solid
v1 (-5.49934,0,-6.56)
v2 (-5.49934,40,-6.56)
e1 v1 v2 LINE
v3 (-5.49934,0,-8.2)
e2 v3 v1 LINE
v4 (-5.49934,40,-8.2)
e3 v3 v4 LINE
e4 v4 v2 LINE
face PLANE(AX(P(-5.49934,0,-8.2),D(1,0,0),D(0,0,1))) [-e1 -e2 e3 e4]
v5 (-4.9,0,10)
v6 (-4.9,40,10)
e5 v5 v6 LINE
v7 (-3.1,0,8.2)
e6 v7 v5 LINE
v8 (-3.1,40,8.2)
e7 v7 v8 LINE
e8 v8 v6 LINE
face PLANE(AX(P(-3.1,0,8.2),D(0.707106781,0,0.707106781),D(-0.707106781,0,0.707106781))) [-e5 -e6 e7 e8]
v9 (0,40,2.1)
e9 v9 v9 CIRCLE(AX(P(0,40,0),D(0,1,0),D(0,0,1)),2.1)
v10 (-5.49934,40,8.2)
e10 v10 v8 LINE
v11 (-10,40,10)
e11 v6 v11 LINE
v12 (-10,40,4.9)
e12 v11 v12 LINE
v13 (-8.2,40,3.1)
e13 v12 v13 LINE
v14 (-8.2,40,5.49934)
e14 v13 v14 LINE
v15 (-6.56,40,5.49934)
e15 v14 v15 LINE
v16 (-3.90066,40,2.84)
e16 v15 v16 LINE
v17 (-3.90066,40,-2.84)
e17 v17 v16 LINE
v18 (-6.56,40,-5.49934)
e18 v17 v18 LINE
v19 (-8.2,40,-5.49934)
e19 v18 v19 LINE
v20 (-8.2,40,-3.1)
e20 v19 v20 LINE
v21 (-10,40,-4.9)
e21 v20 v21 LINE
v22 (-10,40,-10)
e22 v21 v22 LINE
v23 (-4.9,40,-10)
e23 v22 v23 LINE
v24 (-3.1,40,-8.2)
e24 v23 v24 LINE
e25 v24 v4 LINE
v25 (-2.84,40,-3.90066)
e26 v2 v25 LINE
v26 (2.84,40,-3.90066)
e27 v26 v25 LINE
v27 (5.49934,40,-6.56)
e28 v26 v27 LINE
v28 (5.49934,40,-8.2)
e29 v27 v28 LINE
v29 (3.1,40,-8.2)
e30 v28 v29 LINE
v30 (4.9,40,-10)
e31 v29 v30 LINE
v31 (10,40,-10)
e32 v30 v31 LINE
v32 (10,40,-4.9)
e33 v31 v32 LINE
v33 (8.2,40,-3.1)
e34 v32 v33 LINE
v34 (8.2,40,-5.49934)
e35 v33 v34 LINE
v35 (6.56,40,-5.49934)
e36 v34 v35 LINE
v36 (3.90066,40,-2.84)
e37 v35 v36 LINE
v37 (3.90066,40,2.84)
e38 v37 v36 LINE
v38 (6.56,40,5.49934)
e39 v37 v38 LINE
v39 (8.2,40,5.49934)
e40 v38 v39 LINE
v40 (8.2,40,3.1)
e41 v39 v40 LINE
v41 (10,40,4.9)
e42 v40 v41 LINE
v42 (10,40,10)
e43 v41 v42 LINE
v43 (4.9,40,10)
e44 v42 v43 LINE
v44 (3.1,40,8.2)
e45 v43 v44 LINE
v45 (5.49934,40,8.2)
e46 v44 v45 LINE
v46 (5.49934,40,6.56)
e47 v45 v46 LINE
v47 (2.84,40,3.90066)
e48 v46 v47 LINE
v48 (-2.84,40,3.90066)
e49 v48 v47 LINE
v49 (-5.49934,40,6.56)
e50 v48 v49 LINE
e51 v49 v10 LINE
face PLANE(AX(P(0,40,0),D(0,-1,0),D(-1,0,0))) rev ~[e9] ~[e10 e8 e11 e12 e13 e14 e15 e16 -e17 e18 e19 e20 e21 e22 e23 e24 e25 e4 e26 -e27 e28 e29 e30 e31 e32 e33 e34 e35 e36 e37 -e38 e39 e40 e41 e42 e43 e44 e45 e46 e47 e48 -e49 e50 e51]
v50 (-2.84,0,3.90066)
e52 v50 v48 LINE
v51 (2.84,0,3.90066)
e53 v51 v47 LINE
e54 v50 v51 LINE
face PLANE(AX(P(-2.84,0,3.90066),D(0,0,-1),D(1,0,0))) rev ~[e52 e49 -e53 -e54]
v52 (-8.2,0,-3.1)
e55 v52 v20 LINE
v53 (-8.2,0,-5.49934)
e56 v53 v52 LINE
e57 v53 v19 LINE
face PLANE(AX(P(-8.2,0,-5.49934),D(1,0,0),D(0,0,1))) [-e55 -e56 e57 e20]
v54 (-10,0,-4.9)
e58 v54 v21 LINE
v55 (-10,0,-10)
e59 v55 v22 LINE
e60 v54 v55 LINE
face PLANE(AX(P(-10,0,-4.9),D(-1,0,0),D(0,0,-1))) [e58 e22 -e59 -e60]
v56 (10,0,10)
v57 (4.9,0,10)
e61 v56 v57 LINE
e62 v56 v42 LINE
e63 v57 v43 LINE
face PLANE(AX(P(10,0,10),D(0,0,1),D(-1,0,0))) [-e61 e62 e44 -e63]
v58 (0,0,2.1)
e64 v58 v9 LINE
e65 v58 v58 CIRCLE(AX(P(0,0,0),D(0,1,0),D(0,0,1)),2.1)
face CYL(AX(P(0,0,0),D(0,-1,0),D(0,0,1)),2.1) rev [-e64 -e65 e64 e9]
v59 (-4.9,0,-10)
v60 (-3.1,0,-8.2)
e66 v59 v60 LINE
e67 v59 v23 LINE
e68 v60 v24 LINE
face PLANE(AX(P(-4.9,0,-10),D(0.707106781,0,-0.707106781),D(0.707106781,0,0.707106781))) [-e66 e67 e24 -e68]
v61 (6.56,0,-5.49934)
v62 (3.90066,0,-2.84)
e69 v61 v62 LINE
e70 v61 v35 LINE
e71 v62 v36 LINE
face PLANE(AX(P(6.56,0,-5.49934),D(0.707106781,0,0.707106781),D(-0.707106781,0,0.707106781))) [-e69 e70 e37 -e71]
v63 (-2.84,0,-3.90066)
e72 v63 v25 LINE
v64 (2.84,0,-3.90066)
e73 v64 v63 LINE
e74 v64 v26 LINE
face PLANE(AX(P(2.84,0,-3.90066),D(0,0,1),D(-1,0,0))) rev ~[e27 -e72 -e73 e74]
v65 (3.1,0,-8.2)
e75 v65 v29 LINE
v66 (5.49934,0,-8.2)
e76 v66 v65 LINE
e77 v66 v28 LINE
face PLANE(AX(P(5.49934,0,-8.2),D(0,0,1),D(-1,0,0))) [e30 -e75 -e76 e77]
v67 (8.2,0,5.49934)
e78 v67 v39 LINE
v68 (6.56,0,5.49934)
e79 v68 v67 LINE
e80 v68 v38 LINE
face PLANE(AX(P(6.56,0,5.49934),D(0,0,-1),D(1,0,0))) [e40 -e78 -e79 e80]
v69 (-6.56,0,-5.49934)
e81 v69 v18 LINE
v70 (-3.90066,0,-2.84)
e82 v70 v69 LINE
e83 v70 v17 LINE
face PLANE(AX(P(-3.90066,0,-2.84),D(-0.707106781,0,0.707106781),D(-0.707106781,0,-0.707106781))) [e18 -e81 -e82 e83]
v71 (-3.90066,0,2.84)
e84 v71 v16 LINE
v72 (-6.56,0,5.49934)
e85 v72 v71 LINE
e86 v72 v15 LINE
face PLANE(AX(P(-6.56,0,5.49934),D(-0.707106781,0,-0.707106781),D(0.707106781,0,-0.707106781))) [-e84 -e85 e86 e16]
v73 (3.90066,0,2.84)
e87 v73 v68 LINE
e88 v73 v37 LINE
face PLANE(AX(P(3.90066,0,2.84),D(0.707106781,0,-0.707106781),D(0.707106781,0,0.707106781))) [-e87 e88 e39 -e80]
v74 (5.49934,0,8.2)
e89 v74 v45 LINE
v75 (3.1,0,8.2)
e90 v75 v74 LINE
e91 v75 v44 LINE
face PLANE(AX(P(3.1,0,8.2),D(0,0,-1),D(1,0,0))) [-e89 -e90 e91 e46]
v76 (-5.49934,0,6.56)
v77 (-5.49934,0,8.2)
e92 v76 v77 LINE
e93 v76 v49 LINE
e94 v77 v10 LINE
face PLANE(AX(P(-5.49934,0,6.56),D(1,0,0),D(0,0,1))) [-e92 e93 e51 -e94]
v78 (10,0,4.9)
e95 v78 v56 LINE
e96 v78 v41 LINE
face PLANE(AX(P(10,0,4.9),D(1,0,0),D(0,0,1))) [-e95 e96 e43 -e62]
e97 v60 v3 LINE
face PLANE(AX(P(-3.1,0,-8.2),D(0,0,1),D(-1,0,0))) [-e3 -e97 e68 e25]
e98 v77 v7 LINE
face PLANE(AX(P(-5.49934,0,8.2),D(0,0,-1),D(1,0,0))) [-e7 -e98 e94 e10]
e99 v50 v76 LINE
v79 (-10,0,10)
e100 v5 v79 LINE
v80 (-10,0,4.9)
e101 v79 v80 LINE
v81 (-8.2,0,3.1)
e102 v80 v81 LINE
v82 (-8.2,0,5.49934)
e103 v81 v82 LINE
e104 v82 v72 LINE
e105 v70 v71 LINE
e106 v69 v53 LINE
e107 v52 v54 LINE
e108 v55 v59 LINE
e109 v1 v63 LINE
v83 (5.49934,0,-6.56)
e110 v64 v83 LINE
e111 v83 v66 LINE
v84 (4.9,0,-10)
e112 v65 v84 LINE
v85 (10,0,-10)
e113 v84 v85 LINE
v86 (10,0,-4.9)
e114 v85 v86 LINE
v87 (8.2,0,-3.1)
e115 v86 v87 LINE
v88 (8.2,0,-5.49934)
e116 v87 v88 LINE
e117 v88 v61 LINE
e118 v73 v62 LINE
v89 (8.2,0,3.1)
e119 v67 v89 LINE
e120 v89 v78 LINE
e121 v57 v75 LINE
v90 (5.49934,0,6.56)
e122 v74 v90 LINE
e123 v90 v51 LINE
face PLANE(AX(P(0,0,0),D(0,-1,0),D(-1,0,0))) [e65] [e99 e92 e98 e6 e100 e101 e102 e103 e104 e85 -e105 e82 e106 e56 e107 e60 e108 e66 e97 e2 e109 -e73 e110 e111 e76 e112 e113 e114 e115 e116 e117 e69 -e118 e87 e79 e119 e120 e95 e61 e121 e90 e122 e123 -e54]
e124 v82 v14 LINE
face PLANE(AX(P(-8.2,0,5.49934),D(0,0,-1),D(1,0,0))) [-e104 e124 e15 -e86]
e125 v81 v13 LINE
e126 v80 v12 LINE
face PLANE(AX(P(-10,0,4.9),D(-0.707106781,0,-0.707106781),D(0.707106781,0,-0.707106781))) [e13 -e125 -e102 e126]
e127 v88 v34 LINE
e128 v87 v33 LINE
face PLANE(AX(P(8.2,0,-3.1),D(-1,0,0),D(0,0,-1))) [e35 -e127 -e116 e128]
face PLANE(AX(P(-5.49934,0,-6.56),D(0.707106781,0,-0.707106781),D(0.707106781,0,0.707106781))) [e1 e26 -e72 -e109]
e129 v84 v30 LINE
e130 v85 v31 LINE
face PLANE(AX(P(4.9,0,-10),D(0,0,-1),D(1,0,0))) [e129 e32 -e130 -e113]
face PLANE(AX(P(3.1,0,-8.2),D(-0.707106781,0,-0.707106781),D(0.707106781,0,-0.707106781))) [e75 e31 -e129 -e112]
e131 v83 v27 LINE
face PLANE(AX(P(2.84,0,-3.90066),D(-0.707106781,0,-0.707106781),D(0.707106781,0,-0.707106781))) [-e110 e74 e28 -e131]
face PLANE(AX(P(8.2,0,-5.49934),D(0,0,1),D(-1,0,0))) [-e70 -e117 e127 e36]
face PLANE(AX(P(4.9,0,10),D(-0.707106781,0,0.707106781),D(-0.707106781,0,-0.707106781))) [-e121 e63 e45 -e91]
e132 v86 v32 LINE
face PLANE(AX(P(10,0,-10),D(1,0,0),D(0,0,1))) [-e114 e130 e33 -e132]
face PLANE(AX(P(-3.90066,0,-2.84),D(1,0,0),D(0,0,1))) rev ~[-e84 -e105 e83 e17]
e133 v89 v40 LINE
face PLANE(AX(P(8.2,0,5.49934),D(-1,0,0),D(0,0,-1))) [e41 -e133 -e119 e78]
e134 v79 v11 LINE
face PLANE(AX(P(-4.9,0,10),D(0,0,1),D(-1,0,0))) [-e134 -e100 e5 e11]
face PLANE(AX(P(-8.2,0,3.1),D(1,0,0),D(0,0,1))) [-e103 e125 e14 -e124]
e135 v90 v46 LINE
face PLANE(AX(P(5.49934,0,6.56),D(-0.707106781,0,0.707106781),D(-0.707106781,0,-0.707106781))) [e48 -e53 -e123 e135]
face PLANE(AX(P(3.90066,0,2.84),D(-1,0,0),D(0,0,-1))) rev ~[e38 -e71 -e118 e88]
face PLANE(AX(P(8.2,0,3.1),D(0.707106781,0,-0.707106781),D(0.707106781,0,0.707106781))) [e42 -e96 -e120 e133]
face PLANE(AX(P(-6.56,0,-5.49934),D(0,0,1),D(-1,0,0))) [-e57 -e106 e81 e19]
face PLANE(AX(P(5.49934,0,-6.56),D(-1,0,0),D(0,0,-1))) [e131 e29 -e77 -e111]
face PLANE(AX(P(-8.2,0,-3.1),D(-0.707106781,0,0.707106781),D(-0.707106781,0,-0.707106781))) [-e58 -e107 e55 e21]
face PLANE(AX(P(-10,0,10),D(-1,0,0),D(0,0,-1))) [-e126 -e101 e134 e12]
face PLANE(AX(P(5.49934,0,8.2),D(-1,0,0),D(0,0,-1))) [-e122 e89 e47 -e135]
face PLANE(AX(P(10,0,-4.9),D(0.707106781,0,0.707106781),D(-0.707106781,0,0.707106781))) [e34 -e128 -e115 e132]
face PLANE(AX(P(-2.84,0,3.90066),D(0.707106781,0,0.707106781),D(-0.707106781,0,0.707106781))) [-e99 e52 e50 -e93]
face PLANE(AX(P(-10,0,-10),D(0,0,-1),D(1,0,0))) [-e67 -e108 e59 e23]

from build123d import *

# Parameters (mm, degrees)
SKETCH1_R           = 2.1
BOSS_EXTRUDE1_DEPTH = 40


with BuildPart() as part:
    # Sketch1 → Boss-Extrude1 (new body)
    with BuildSketch(Plane(origin=(0, 0, 0), x_dir=(1, 0, 0), z_dir=(0, 1, 0))):
        Polygon((-3.900660172, -2.84), (-3.900660172, 0), (-3.900660172, 2.84), (-6.56, 5.499339828), (-8.2, 5.499339828), (-8.2, 3.1), (-10, 4.9), (-10, 10), (-4.9, 10), (-3.1, 8.2), (-5.499339828, 8.2), (-5.499339828, 6.56), (-2.84, 3.900660172), (0, 3.900660172), (2.84, 3.900660172), (5.499339828, 6.56), (5.499339828, 8.2), (3.1, 8.2), (4.9, 10), (10, 10), (10, 4.9), (8.2, 3.1), (8.2, 5.499339828), (6.56, 5.499339828), (3.900660172, 2.84), (3.900660172, 0), (3.900660172, -2.84), (6.56, -5.499339828), (8.2, -5.499339828), (8.2, -3.1), (10, -4.9), (10, -10), (4.9, -10), (3.1, -8.2), (5.499339828, -8.2), (5.499339828, -6.56), (2.84, -3.900660172), (0, -3.900660172), (-2.84, -3.900660172), (-5.499339828, -6.56), (-5.499339828, -8.2), (-3.1, -8.2), (-4.9, -10), (-10, -10), (-10, -4.9), (-8.2, -3.1), (-8.2, -5.499339828), (-6.56, -5.499339828), align=None)
        with Locations(Location((0, 0, 0), (0, 0, 270))):
            Circle(SKETCH1_R, mode=Mode.SUBTRACT)
    extrude(amount=BOSS_EXTRUDE1_DEPTH)


solid = part.part
